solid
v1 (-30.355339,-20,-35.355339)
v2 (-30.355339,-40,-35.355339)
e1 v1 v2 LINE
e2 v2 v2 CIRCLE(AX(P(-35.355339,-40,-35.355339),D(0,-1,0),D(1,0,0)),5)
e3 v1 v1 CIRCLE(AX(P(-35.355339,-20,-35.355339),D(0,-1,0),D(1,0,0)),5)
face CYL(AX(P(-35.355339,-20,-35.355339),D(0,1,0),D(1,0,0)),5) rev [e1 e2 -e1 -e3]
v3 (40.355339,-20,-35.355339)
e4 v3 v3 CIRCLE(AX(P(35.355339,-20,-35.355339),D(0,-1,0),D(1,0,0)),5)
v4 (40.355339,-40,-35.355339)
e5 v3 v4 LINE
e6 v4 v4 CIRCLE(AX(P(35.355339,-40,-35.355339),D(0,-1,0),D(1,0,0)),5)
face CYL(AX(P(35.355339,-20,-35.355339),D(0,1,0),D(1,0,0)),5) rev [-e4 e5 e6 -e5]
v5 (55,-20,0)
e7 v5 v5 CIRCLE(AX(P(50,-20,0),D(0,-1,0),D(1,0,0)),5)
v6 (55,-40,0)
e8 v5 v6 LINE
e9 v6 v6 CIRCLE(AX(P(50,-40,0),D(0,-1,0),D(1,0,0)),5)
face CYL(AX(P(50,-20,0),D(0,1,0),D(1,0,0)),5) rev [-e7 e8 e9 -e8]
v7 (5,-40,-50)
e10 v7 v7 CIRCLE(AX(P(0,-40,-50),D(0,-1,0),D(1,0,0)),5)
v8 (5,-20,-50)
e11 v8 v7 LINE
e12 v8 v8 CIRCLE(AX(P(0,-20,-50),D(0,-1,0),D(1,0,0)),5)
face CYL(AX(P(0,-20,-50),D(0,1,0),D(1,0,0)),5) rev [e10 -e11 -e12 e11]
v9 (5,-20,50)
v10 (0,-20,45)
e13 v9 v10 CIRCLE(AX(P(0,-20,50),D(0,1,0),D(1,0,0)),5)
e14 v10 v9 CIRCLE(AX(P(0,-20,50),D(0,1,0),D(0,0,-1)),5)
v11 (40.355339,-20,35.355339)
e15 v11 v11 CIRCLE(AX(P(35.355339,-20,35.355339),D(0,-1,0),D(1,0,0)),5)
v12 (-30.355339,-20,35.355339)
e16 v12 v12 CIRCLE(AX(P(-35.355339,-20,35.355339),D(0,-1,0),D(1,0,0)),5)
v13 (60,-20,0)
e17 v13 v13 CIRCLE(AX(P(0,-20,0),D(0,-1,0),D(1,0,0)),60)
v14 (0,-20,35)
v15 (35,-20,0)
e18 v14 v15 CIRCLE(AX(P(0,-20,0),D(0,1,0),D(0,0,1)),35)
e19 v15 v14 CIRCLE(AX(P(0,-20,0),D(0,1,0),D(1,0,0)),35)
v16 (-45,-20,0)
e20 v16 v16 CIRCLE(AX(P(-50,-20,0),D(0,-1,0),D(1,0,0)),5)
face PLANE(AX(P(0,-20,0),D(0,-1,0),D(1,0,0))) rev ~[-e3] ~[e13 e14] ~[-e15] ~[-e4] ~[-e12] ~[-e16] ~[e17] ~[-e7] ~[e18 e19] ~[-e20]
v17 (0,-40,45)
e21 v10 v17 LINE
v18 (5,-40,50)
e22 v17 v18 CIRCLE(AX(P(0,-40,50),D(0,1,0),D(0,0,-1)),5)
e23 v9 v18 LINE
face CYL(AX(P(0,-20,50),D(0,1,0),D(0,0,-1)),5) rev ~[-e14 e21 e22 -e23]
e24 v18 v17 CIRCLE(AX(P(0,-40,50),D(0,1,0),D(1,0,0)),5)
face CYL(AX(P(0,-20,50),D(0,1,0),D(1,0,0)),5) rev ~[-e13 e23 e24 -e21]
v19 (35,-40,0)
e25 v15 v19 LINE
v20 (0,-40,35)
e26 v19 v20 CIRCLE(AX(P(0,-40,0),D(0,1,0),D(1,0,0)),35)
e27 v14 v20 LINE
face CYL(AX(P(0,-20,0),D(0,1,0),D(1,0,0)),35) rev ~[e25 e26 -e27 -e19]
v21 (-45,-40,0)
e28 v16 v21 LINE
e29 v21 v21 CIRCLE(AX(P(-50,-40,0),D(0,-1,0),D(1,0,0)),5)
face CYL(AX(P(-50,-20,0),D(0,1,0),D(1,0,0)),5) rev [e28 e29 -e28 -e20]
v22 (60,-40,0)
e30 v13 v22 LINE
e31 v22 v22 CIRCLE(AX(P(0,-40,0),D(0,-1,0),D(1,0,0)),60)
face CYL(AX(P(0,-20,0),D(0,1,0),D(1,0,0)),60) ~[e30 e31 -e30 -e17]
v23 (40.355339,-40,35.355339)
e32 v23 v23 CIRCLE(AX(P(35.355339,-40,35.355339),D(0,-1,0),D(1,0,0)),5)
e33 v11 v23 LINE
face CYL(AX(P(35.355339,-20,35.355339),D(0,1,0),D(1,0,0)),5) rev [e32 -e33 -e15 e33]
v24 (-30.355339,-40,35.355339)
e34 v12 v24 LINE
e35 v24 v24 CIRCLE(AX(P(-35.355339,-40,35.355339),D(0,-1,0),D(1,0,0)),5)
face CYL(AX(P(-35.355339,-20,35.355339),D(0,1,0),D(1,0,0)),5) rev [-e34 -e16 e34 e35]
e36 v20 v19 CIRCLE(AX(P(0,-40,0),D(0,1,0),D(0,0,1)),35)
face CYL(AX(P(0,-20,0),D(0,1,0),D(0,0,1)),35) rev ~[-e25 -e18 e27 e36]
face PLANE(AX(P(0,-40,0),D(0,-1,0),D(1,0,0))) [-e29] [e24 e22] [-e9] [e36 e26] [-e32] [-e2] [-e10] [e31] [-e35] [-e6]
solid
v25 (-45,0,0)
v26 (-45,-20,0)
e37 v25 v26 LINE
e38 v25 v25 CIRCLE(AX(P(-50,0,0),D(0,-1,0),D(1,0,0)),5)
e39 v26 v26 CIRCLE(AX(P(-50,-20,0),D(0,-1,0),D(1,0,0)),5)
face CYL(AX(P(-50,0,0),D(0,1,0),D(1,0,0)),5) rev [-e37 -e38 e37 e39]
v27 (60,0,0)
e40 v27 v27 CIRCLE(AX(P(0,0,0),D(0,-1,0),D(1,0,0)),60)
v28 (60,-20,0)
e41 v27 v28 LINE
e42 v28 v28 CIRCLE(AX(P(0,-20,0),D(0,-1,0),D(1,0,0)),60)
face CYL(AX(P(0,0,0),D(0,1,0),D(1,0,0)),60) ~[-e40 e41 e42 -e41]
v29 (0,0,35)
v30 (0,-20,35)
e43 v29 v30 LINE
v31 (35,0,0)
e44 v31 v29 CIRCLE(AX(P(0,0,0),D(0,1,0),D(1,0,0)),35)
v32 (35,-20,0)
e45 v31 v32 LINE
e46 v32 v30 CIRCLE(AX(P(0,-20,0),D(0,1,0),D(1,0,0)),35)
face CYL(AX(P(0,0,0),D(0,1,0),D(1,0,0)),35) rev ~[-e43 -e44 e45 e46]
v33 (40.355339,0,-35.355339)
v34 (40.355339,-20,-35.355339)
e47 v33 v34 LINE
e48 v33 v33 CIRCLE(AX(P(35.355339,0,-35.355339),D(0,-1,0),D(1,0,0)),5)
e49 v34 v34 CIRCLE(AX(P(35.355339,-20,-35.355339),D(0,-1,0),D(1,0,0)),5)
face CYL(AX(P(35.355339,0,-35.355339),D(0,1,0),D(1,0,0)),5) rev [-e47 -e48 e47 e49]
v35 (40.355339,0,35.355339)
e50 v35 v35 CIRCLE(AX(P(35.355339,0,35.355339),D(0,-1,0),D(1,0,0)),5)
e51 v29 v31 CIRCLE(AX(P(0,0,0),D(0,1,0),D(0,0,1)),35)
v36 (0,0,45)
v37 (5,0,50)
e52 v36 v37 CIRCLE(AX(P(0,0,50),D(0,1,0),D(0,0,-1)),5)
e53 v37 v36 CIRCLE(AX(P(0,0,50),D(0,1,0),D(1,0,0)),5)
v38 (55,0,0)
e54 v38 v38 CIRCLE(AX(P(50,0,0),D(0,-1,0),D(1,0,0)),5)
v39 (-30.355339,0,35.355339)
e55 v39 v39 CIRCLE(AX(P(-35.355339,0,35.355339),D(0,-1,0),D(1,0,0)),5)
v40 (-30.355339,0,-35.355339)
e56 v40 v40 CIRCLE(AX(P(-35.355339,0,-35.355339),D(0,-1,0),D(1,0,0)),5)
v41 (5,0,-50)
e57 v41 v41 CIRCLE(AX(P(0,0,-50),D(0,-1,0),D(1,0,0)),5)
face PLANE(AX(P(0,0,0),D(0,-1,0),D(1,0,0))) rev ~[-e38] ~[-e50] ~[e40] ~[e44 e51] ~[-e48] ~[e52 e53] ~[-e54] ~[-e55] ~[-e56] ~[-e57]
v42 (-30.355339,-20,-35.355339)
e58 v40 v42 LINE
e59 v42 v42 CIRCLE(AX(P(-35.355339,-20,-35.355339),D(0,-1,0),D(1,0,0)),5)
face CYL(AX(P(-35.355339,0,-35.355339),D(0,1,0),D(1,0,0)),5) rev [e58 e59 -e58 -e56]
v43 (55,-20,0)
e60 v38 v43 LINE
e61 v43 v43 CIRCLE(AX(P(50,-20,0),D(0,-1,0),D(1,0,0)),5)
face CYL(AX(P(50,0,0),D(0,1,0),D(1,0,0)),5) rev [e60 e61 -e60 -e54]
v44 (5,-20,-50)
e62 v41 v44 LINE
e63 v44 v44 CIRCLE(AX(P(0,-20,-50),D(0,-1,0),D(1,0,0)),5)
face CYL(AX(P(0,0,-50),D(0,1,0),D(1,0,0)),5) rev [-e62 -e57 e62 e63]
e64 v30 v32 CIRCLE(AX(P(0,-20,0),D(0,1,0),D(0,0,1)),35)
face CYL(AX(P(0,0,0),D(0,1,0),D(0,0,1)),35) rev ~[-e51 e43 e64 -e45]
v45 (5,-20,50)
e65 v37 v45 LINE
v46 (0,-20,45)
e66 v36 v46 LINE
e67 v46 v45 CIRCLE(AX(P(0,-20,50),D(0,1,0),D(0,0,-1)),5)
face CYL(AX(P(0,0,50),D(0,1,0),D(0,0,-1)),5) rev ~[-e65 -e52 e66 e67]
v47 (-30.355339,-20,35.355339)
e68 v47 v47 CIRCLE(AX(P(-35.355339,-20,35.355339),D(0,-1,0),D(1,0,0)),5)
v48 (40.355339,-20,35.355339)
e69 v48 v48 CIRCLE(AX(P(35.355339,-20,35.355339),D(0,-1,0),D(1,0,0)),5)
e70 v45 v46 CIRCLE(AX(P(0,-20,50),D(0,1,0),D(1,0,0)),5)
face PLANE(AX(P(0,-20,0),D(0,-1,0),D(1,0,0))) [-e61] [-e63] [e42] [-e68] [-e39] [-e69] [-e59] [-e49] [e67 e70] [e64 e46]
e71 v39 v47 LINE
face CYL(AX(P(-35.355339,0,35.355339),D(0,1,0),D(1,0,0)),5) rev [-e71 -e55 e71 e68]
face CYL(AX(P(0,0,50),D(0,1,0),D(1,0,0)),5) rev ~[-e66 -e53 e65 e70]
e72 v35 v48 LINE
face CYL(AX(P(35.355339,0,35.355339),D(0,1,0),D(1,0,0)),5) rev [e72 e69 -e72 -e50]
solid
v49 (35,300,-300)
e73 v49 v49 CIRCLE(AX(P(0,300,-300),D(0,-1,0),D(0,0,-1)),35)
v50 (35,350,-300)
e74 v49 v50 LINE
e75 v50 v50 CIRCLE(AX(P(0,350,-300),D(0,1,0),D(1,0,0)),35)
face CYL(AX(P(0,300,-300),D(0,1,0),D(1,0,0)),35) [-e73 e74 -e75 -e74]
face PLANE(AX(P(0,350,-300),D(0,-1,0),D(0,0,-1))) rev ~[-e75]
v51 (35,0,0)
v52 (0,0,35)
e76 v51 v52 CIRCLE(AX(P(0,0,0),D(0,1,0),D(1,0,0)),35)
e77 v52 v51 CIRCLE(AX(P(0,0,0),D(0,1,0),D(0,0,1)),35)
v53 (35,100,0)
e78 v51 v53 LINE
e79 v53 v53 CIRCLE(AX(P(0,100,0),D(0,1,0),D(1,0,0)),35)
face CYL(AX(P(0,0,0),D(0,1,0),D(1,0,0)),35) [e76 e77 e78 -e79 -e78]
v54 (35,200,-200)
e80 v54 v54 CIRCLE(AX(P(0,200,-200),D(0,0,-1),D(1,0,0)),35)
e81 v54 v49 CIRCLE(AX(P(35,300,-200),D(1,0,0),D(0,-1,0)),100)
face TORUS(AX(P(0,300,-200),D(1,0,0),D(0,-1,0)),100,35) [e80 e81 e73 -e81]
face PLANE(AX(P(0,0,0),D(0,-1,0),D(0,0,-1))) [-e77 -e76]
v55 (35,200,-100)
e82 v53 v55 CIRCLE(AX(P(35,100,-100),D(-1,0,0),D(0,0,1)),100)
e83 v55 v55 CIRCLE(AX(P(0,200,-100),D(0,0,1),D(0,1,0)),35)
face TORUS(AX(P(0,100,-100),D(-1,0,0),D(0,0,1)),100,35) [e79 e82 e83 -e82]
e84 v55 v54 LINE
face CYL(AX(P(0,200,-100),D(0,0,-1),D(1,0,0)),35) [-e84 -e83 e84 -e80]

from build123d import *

# Parameters (mm, degrees)
F0_R     = 60
F0_R_2   = 5
F1_DEPTH = 20
F2_R     = 35
F5_DEPTH = 20


with BuildPart() as f1:
    # F0 (on Front) → F1 (new body)
    with BuildSketch(Plane.XZ):
        Circle(F0_R)
        with Locations((-35.3553390593, -35.3553390593)):
            Circle(F0_R_2, mode=Mode.SUBTRACT)
        with Locations((0, -50)):
            Circle(F0_R_2, mode=Mode.SUBTRACT)
        with Locations((35.3553390593, -35.3553390593)):
            Circle(F0_R_2, mode=Mode.SUBTRACT)
        with Locations((-50, 0)):
            Circle(F0_R_2, mode=Mode.SUBTRACT)
        with Locations((-35.3553390593, 35.3553390593)):
            Circle(F0_R_2, mode=Mode.SUBTRACT)
        with BuildLine():
            ThreePointArc((35, 0), (-24.7487373415, -24.7487373415), (0, 35))
            ThreePointArc((0, 35), (24.7487373415, 24.7487373415), (35, 0))
        make_face(mode=Mode.SUBTRACT)
        with Locations((50, 0)):
            Circle(F0_R_2, mode=Mode.SUBTRACT)
        with BuildLine():
            ThreePointArc((5, 50), (3.5355339059, 46.4644660941), (0, 45))
            ThreePointArc((0, 45), (-3.5355339059, 53.5355339059), (5, 50))
        make_face(mode=Mode.SUBTRACT)
        with Locations((35.3553390593, 35.3553390593)):
            Circle(F0_R_2, mode=Mode.SUBTRACT)
    extrude(amount=F1_DEPTH)

    # F4: sweep along a path in F3
    with BuildLine(Plane.YZ) as f4_path:
        Line((0, 0), (100, 0))
        ThreePointArc((100, 0), (170.7106781187, -29.2893218813), (200, -100))
        Line((200, -100), (200, -200))
        ThreePointArc((200, -200), (229.2893218813, -270.7106781187), (300, -300))
        Line((300, -300), (350, -300))
    # F2 (on Front) → F4 (sweep)
    with BuildSketch(Plane.XZ):
        Circle(F2_R)
    sweep(path=f4_path.line)


with BuildPart() as f5:
    # F5 (new): a face of the model
    f5_faces = [f1.part.faces().sort_by_distance(p)[0] for p in [
        (-58.3029437252, -20, 0),
    ]]
    extrude(f5_faces, amount=F5_DEPTH)


solid = Compound([f1.part, f5.part])
